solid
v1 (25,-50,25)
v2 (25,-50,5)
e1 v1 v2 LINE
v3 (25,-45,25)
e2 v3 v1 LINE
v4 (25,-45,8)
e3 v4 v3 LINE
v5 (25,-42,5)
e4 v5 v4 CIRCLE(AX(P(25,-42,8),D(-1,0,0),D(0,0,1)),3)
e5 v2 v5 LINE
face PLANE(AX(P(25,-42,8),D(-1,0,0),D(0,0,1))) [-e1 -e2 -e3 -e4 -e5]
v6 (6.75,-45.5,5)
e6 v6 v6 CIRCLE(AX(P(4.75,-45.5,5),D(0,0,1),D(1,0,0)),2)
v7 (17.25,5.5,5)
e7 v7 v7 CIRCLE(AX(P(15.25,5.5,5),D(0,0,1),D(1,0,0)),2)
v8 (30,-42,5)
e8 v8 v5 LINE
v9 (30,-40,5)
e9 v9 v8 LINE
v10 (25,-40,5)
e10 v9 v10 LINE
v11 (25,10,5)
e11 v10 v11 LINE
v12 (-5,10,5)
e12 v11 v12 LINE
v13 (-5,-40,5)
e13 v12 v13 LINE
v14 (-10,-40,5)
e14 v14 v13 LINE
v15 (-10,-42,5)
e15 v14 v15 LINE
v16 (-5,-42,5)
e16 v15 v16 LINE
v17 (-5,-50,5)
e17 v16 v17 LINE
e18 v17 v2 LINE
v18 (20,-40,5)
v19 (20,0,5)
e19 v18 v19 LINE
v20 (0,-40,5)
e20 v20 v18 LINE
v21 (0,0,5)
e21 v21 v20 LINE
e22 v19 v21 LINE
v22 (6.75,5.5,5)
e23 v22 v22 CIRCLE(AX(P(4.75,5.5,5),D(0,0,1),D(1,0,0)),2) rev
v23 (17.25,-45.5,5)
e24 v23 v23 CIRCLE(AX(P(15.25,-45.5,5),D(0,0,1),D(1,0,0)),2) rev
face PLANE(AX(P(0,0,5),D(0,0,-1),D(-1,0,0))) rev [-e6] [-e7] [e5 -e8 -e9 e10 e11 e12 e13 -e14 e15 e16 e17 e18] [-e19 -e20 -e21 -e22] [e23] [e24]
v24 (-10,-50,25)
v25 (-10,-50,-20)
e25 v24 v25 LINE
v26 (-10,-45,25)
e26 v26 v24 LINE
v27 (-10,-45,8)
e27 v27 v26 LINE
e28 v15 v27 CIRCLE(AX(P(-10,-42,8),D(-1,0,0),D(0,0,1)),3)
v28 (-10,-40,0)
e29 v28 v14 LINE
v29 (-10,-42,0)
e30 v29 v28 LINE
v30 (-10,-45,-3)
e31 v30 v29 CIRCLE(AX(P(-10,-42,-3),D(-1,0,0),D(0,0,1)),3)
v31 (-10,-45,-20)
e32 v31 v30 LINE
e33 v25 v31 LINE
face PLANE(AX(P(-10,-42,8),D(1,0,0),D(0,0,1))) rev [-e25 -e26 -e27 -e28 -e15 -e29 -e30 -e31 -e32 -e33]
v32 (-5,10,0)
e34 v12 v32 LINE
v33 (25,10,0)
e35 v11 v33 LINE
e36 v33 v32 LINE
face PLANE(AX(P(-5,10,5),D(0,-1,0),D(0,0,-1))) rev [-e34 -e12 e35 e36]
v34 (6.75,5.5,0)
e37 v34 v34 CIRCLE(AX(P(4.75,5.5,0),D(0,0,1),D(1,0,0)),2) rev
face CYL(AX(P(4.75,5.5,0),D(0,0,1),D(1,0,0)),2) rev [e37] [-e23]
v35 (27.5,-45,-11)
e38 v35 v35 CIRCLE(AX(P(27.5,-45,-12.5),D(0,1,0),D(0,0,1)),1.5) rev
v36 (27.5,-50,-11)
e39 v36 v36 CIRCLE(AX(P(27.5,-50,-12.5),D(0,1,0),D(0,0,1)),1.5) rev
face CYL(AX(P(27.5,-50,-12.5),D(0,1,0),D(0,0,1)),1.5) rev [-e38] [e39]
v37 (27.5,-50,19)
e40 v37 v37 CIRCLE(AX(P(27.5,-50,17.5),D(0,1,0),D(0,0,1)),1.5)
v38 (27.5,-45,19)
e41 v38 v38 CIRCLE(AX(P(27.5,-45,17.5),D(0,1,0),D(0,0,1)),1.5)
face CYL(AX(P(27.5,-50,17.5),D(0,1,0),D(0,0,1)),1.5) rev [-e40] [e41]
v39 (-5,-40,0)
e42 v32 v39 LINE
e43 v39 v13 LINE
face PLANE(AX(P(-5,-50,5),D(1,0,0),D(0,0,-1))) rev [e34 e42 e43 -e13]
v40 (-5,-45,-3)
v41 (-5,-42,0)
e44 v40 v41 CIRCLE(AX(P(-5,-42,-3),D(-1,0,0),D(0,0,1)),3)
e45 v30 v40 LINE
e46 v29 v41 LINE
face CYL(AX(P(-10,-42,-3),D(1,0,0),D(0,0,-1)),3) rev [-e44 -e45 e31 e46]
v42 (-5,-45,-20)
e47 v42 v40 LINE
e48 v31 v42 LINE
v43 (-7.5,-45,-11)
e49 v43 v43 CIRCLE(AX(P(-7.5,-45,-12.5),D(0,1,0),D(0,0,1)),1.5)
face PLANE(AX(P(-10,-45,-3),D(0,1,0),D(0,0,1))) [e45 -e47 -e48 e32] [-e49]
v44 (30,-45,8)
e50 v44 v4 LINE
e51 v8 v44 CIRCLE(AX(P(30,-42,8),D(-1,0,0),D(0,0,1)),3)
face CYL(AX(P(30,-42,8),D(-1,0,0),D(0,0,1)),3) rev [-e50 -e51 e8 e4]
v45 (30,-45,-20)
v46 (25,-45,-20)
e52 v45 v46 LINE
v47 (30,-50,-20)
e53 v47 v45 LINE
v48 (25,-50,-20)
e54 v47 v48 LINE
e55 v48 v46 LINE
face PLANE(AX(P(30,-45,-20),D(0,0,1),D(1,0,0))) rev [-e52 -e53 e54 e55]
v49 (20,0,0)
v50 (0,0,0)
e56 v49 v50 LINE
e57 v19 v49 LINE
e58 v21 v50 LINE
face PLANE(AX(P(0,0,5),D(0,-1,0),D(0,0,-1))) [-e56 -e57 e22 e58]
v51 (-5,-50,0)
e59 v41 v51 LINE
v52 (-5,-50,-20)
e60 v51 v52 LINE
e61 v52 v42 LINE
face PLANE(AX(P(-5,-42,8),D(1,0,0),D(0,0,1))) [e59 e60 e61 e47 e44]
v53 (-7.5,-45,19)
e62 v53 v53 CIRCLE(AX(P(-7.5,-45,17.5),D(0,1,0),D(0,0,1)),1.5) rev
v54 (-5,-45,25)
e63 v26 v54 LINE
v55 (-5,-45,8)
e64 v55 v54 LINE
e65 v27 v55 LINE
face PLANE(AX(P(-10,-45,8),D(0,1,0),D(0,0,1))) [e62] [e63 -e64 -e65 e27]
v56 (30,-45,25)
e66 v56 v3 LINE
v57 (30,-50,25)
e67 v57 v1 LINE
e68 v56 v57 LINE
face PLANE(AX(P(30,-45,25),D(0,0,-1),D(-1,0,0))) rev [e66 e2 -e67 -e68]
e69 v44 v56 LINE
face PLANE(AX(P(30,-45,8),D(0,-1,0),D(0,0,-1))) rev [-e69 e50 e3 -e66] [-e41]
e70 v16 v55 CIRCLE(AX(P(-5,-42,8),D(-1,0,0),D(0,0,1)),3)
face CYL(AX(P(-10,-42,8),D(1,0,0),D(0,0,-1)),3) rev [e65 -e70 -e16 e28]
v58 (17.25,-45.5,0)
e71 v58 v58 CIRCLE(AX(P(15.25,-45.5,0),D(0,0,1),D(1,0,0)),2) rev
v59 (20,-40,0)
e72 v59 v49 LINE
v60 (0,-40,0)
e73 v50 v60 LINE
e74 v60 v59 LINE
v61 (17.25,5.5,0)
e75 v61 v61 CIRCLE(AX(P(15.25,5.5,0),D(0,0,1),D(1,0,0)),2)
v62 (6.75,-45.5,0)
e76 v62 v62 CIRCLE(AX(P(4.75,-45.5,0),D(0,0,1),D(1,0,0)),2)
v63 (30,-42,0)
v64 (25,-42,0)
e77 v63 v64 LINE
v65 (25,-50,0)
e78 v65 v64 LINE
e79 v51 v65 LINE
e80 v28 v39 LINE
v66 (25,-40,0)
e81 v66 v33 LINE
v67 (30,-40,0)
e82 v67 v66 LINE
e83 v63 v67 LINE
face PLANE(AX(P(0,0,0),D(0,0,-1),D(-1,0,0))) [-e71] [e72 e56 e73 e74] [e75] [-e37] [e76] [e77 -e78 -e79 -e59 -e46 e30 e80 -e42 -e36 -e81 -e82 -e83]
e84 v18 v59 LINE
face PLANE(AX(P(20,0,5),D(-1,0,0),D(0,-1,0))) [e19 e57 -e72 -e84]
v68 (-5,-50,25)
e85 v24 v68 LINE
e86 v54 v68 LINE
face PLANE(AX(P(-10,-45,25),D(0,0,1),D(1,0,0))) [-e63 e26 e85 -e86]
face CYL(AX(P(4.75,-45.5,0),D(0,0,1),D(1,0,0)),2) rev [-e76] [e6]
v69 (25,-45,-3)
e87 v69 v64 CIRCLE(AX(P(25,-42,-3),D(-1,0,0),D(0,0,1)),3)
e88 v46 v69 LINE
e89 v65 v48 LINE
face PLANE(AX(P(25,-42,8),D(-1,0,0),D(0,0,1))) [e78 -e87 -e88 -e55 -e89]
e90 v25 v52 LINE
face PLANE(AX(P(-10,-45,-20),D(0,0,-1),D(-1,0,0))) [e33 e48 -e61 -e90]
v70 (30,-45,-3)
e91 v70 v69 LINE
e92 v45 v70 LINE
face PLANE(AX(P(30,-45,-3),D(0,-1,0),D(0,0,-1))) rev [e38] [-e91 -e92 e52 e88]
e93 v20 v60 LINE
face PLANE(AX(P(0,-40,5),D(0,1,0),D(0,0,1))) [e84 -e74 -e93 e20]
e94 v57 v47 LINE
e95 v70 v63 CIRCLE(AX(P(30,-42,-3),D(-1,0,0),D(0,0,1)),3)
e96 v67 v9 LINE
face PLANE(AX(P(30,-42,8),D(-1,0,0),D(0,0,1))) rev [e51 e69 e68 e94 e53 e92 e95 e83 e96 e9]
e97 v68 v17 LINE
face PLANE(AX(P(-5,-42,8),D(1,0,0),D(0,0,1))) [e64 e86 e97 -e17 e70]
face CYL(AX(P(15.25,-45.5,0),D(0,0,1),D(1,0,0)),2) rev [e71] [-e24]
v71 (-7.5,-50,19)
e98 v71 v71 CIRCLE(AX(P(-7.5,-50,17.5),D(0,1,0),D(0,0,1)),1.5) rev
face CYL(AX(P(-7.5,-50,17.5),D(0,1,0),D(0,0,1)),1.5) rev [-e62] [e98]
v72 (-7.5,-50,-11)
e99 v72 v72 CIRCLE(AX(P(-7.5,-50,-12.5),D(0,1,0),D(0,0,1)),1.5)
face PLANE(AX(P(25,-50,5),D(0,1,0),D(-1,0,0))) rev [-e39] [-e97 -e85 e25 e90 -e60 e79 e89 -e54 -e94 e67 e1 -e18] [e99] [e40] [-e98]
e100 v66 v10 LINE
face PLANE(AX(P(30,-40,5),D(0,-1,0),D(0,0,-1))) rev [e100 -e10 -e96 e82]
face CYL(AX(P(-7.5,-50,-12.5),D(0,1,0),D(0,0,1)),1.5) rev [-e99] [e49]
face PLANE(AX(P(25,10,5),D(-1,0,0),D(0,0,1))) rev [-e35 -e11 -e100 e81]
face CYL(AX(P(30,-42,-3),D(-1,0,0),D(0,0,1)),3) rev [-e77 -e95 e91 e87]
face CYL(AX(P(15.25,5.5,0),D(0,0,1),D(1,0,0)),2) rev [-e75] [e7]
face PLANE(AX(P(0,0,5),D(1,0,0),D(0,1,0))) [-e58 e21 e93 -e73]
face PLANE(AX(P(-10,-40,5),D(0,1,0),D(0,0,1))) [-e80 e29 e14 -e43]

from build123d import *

# Parameters (mm, degrees)
SKETCH_2_W          = 30
SKETCH_2_H          = 60
SKETCH_2_W_2        = 20
SKETCH_2_H_2        = 40
EXTRUDE_1_DEPTH     = 5
SKETCH_3_R          = 2
CUT_EXTRUDE_1_DEPTH = 5
EXTRUDE_2_DEPTH     = 5
SKETCH_6_R          = 1.5
CUT_EXTRUDE_2_DEPTH = 5


with BuildPart() as part:
    # 草图2 → 凸台-拉伸1 (new body)
    with BuildSketch(Plane.XY):
        with Locations((10, -20)):
            Rectangle(SKETCH_2_W, SKETCH_2_H)
        with Locations((10, -20)):
            Rectangle(SKETCH_2_W_2, SKETCH_2_H_2, mode=Mode.SUBTRACT)
    extrude(amount=EXTRUDE_1_DEPTH)

    # 草图3 → 切除-拉伸1 (cut)
    with BuildSketch(Plane.XY.offset(5)):
        with Locations((15.25, 5.5)):
            Circle(SKETCH_3_R)
        with Locations((15.25, -45.5)):
            Circle(SKETCH_3_R)
        with Locations((4.75, -45.5)):
            Circle(SKETCH_3_R)
        with Locations((4.75, 5.5)):
            Circle(SKETCH_3_R)
    extrude(amount=-CUT_EXTRUDE_1_DEPTH, mode=Mode.SUBTRACT)

    # 草图5 → 凸台-拉伸2 (add)
    with BuildSketch(Plane(origin=(25, 0, 0), x_dir=(0, 0, -1), z_dir=(1, 0, 0))):
        with BuildLine():
            Line((-5, -42), (-5, -40))
            Line((-5, -40), (0, -40))
            Line((0, -40), (0, -42))
            ThreePointArc((0, -42), (0.878679656, -44.121320344), (3, -45))
            Line((3, -45), (20, -45))
            Line((20, -45), (20, -50))
            Line((20, -50), (0, -50))
            Line((0, -50), (-5, -50))
            Line((-5, -50), (-25, -50))
            Line((-25, -50), (-25, -45))
            Line((-25, -45), (-8, -45))
            ThreePointArc((-8, -45), (-5.878679656, -44.121320344), (-5, -42))
        make_face()
    extrude_2 = extrude(amount=EXTRUDE_2_DEPTH)

    # 镜向1: 凸台-拉伸2 across plane
    add(extrude_2.mirror(Plane(origin=(10, 0, 0), x_dir=(0, 0, 1), z_dir=(1, 0, 0))))

    # 草图6 → 切除-拉伸2 (cut)
    with BuildSketch(Plane(origin=(0, -45, 0), x_dir=(1, 0, 0), z_dir=(0, 1, 0))):
        with Locations(Location((-7.5, 12.5, 0), (0, 0, 270))):
            Circle(SKETCH_6_R)
        with Locations(Location((-7.5, -17.5, 0), (0, 0, 270))):
            Circle(SKETCH_6_R)
        with Locations(Location((27.5, -17.5, 0), (0, 0, 270))):
            Circle(SKETCH_6_R)
        with Locations(Location((27.5, 12.5, 0), (0, 0, 270))):
            Circle(SKETCH_6_R)
    extrude(amount=-CUT_EXTRUDE_2_DEPTH, mode=Mode.SUBTRACT)


solid = part.part
